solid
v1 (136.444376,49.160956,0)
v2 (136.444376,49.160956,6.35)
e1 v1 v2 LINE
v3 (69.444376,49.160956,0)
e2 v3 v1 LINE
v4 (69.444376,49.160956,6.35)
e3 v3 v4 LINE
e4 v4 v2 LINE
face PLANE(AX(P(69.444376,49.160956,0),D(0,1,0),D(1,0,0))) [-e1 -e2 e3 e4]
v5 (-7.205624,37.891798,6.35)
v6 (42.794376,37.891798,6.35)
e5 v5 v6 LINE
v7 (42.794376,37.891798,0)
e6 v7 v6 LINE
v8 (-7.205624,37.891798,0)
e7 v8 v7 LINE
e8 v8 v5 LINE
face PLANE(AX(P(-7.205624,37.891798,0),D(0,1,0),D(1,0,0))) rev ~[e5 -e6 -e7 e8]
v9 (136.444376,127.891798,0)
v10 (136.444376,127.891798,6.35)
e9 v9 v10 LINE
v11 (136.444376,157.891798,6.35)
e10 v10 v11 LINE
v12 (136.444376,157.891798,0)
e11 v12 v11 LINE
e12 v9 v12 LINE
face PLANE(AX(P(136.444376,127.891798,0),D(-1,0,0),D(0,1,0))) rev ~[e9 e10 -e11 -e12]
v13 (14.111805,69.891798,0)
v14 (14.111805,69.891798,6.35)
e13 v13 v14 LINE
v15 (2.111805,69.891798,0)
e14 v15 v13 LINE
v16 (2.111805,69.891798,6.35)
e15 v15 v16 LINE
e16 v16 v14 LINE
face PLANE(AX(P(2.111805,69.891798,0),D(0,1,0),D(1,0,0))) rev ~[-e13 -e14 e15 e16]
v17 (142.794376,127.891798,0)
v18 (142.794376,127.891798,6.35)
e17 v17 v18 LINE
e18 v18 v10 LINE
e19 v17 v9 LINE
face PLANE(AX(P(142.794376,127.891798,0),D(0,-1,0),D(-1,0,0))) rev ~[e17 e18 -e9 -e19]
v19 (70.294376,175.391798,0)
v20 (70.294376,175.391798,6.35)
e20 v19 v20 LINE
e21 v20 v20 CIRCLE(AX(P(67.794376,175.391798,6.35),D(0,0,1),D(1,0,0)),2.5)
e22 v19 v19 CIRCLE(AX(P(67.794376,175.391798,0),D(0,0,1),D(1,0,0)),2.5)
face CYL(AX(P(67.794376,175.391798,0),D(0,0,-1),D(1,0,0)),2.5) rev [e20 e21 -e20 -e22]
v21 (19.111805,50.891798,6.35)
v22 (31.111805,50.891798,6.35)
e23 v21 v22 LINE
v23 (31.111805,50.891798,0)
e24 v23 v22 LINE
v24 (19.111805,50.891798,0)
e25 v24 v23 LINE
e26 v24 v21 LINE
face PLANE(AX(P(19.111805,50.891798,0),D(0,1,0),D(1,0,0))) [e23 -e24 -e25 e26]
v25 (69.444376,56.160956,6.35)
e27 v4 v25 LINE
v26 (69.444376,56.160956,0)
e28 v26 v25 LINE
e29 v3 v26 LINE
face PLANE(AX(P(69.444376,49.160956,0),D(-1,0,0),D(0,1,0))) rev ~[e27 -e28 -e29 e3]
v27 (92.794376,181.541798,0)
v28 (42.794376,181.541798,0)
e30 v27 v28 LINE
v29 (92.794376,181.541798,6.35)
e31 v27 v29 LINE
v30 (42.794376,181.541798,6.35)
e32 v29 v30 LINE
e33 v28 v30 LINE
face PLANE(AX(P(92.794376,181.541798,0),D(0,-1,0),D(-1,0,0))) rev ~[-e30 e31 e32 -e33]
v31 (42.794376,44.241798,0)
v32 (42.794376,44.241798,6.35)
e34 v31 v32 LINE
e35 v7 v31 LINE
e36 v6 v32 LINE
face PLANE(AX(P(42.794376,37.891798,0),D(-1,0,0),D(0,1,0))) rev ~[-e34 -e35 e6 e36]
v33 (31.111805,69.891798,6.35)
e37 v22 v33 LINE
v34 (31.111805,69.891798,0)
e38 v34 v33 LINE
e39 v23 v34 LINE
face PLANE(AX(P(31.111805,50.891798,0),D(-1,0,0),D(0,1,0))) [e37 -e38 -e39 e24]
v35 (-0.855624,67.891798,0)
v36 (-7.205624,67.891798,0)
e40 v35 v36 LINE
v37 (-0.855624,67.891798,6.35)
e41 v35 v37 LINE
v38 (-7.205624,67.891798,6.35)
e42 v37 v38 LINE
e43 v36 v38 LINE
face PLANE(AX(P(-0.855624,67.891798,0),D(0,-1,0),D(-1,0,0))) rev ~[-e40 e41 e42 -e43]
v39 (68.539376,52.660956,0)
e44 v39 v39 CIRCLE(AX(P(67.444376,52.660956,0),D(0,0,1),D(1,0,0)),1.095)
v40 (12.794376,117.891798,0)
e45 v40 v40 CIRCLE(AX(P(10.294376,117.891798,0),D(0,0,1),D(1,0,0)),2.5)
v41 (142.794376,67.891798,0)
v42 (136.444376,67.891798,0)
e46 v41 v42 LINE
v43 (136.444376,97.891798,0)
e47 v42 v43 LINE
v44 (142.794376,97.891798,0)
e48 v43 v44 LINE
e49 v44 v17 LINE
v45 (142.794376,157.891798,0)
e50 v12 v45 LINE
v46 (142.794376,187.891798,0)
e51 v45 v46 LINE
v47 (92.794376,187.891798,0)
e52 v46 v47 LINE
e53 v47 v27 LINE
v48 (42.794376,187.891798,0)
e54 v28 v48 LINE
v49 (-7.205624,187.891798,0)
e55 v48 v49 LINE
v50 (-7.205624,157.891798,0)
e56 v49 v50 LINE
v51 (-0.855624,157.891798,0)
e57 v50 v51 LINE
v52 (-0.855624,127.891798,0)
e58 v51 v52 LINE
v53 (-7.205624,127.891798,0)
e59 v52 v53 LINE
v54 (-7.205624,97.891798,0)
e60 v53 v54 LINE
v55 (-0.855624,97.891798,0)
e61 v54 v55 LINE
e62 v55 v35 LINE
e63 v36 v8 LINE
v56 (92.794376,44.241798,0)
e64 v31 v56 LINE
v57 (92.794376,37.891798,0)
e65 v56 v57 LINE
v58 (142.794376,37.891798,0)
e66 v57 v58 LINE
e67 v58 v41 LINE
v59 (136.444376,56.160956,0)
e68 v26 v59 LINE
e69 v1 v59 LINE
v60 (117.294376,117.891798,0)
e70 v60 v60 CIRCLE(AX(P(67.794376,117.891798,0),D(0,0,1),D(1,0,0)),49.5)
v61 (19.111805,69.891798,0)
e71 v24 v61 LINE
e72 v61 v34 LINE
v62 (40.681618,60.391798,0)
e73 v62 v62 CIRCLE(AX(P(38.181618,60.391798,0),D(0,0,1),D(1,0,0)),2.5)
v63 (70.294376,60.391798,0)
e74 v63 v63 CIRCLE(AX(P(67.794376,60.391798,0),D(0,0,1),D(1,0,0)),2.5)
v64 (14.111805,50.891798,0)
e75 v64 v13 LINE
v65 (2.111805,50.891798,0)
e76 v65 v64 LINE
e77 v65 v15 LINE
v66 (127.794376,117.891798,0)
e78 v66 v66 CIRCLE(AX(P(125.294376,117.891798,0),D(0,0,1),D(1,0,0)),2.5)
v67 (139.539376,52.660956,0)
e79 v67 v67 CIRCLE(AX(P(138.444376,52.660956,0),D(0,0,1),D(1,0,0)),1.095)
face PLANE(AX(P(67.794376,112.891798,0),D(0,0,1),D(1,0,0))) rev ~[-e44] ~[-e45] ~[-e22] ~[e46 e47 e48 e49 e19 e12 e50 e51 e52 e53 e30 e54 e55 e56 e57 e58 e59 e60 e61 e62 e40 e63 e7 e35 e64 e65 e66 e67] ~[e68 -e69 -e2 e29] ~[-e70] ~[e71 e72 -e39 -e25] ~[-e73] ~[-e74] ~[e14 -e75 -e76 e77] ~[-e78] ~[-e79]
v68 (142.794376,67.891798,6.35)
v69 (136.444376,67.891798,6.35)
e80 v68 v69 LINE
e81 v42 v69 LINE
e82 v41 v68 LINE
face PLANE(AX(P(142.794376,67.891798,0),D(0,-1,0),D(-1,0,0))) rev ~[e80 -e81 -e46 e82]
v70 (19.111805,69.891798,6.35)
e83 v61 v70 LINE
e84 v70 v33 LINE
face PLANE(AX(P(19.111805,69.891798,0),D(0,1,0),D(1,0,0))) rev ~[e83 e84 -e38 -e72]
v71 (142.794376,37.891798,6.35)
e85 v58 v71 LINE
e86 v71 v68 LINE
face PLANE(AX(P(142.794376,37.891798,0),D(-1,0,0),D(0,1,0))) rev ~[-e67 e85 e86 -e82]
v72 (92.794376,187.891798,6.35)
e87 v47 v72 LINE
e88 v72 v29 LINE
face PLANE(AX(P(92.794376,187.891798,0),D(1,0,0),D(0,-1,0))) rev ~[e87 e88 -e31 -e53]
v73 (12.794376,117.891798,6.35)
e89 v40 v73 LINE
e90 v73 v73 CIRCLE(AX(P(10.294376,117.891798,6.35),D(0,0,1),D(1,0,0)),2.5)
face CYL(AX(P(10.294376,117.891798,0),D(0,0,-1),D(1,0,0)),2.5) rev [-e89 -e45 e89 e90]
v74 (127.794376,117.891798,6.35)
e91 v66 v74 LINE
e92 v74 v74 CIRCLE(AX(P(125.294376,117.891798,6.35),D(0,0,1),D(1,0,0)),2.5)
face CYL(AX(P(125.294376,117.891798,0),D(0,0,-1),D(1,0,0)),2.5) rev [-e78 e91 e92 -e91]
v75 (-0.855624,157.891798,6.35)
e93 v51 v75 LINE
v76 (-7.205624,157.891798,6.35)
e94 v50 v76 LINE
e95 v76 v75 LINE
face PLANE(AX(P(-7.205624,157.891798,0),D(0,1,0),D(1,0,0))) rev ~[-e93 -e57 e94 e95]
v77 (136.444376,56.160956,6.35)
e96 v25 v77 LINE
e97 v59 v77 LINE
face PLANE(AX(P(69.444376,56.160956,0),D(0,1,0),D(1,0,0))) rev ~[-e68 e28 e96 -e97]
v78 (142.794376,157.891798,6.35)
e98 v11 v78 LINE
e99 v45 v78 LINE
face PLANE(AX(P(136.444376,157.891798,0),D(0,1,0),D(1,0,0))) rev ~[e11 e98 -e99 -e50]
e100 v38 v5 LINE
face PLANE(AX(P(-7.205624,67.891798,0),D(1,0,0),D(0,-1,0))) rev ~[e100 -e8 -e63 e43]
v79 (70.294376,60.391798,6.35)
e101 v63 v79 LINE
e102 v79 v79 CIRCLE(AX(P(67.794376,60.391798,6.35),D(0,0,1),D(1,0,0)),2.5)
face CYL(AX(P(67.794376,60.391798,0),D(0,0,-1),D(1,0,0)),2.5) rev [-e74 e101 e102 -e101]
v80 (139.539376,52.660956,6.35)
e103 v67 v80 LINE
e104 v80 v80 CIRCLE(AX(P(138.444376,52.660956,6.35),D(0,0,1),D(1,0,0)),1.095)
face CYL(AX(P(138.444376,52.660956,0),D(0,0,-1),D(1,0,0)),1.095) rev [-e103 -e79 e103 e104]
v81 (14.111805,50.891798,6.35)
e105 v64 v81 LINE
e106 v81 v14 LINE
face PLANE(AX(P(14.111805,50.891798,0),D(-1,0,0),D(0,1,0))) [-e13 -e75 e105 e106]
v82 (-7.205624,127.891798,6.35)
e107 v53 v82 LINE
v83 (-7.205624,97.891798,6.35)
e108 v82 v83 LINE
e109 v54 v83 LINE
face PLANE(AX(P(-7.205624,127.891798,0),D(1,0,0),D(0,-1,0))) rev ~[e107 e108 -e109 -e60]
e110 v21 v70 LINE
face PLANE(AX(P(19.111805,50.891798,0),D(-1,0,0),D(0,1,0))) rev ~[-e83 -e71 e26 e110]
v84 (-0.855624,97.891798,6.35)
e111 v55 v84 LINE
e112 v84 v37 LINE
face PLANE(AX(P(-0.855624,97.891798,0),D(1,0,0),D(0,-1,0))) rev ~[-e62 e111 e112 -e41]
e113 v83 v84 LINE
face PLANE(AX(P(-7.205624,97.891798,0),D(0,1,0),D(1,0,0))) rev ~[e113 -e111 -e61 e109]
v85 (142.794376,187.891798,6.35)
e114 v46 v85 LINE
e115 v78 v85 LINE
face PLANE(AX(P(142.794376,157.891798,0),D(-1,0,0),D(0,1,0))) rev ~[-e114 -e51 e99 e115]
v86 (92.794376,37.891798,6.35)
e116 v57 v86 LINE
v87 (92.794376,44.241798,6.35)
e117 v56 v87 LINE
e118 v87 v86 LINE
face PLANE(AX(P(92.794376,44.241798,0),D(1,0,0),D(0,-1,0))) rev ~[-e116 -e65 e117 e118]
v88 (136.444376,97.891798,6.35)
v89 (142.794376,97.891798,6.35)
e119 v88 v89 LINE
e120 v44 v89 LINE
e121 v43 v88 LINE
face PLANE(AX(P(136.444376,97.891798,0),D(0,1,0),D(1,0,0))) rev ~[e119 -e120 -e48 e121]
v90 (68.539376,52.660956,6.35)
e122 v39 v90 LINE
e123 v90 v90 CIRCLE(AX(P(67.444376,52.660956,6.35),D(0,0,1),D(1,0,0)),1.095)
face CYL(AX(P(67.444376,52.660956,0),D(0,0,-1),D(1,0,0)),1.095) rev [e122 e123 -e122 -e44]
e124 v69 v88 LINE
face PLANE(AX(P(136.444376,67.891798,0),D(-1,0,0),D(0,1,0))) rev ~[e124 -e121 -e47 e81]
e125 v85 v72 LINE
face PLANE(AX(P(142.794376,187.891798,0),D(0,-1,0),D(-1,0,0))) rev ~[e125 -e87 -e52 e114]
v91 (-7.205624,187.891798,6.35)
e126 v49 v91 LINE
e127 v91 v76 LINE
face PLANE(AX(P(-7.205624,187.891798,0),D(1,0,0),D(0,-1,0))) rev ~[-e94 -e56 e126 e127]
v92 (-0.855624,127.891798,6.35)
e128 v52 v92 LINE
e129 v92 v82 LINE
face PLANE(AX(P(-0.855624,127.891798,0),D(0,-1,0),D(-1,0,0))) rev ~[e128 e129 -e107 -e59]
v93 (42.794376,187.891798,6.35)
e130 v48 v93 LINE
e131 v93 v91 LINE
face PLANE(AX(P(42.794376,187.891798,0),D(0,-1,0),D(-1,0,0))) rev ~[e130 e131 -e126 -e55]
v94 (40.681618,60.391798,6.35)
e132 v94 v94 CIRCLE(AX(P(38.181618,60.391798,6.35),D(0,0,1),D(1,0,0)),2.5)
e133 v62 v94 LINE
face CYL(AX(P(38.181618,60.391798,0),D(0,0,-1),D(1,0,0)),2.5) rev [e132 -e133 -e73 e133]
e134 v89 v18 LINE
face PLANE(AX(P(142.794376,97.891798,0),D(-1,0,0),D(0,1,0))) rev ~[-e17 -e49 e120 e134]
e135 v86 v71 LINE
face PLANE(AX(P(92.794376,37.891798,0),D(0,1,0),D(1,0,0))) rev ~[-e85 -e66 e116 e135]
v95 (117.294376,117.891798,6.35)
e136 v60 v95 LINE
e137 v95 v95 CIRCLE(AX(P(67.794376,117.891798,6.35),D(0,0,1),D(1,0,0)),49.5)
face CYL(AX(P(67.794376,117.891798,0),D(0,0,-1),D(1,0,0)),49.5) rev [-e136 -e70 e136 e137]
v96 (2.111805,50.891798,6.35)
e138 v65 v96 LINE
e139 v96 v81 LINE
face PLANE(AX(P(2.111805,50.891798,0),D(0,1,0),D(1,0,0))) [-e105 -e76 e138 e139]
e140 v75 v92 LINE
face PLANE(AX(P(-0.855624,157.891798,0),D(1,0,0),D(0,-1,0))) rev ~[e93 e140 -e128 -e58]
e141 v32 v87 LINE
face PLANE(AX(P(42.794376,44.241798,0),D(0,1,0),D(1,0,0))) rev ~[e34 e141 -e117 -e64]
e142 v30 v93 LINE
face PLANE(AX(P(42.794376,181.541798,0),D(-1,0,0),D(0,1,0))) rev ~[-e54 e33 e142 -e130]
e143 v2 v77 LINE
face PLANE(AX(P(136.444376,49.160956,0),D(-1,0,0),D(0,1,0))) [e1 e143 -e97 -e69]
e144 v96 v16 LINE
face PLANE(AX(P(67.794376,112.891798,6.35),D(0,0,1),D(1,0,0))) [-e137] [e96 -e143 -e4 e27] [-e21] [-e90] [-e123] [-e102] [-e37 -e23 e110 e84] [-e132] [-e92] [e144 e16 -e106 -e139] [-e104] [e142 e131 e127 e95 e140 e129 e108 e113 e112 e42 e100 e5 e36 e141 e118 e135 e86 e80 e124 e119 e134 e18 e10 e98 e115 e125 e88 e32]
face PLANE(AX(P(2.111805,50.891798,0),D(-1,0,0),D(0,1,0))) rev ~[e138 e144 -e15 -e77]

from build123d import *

# Parameters (mm, degrees)
SKETCH2_R           = 49.5
SKETCH2_R_2         = 2.5
SKETCH2_R_3         = 1.095
SKETCH2_W           = 12
SKETCH2_H           = 19
SKETCH2_W_2         = 67
SKETCH2_H_2         = 7
BOSS_EXTRUDE1_DEPTH = 6.35


with BuildPart() as part:
    # Sketch2 → Boss-Extrude1 (new body)
    with BuildSketch(Plane.XY):
        Polygon((-7.205623902, 187.891798144), (-7.205623902, 157.891798144), (-0.855623902, 157.891798144), (-0.855623902, 127.891798144), (-7.205623902, 127.891798144), (-7.205623902, 97.891798144), (-0.855623902, 97.891798144), (-0.855623902, 67.891798144), (-7.205623902, 67.891798144), (-7.205623902, 37.891798144), (42.794376098, 37.891798144), (42.794376098, 44.241798144), (92.794376098, 44.241798144), (92.794376098, 37.891798144), (142.794376098, 37.891798144), (142.794376098, 67.891798144), (136.444376098, 67.891798144), (136.444376098, 97.891798144), (142.794376098, 97.891798144), (142.794376098, 127.891798144), (136.444376098, 127.891798144), (136.444376098, 157.891798144), (142.794376098, 157.891798144), (142.794376098, 187.891798144), (92.794376098, 187.891798144), (92.794376098, 181.541798144), (42.794376098, 181.541798144), (42.794376098, 187.891798144), align=None)
        with Locations((67.794376098, 117.891798144)):
            Circle(SKETCH2_R, mode=Mode.SUBTRACT)
        with Locations((38.181618431, 60.391798144)):
            Circle(SKETCH2_R_2, mode=Mode.SUBTRACT)
        with Locations((10.294376098, 117.891798144)):
            Circle(SKETCH2_R_2, mode=Mode.SUBTRACT)
        with Locations((67.794376098, 60.391798144)):
            Circle(SKETCH2_R_2, mode=Mode.SUBTRACT)
        with Locations((125.294376098, 117.891798144)):
            Circle(SKETCH2_R_2, mode=Mode.SUBTRACT)
        with Locations((67.794376098, 175.391798144)):
            Circle(SKETCH2_R_2, mode=Mode.SUBTRACT)
        with Locations((67.444376098, 52.660955737)):
            Circle(SKETCH2_R_3, mode=Mode.SUBTRACT)
        with Locations((138.444376098, 52.660955737)):
            Circle(SKETCH2_R_3, mode=Mode.SUBTRACT)
        with Locations((25.111805458, 60.391798144)):
            Rectangle(SKETCH2_W, SKETCH2_H, mode=Mode.SUBTRACT)
        with Locations((8.111805458, 60.391798144)):
            Rectangle(SKETCH2_W, SKETCH2_H, mode=Mode.SUBTRACT)
        with Locations((102.944376098, 52.660955737)):
            Rectangle(SKETCH2_W_2, SKETCH2_H_2, mode=Mode.SUBTRACT)
    extrude(amount=BOSS_EXTRUDE1_DEPTH)


solid = part.part
